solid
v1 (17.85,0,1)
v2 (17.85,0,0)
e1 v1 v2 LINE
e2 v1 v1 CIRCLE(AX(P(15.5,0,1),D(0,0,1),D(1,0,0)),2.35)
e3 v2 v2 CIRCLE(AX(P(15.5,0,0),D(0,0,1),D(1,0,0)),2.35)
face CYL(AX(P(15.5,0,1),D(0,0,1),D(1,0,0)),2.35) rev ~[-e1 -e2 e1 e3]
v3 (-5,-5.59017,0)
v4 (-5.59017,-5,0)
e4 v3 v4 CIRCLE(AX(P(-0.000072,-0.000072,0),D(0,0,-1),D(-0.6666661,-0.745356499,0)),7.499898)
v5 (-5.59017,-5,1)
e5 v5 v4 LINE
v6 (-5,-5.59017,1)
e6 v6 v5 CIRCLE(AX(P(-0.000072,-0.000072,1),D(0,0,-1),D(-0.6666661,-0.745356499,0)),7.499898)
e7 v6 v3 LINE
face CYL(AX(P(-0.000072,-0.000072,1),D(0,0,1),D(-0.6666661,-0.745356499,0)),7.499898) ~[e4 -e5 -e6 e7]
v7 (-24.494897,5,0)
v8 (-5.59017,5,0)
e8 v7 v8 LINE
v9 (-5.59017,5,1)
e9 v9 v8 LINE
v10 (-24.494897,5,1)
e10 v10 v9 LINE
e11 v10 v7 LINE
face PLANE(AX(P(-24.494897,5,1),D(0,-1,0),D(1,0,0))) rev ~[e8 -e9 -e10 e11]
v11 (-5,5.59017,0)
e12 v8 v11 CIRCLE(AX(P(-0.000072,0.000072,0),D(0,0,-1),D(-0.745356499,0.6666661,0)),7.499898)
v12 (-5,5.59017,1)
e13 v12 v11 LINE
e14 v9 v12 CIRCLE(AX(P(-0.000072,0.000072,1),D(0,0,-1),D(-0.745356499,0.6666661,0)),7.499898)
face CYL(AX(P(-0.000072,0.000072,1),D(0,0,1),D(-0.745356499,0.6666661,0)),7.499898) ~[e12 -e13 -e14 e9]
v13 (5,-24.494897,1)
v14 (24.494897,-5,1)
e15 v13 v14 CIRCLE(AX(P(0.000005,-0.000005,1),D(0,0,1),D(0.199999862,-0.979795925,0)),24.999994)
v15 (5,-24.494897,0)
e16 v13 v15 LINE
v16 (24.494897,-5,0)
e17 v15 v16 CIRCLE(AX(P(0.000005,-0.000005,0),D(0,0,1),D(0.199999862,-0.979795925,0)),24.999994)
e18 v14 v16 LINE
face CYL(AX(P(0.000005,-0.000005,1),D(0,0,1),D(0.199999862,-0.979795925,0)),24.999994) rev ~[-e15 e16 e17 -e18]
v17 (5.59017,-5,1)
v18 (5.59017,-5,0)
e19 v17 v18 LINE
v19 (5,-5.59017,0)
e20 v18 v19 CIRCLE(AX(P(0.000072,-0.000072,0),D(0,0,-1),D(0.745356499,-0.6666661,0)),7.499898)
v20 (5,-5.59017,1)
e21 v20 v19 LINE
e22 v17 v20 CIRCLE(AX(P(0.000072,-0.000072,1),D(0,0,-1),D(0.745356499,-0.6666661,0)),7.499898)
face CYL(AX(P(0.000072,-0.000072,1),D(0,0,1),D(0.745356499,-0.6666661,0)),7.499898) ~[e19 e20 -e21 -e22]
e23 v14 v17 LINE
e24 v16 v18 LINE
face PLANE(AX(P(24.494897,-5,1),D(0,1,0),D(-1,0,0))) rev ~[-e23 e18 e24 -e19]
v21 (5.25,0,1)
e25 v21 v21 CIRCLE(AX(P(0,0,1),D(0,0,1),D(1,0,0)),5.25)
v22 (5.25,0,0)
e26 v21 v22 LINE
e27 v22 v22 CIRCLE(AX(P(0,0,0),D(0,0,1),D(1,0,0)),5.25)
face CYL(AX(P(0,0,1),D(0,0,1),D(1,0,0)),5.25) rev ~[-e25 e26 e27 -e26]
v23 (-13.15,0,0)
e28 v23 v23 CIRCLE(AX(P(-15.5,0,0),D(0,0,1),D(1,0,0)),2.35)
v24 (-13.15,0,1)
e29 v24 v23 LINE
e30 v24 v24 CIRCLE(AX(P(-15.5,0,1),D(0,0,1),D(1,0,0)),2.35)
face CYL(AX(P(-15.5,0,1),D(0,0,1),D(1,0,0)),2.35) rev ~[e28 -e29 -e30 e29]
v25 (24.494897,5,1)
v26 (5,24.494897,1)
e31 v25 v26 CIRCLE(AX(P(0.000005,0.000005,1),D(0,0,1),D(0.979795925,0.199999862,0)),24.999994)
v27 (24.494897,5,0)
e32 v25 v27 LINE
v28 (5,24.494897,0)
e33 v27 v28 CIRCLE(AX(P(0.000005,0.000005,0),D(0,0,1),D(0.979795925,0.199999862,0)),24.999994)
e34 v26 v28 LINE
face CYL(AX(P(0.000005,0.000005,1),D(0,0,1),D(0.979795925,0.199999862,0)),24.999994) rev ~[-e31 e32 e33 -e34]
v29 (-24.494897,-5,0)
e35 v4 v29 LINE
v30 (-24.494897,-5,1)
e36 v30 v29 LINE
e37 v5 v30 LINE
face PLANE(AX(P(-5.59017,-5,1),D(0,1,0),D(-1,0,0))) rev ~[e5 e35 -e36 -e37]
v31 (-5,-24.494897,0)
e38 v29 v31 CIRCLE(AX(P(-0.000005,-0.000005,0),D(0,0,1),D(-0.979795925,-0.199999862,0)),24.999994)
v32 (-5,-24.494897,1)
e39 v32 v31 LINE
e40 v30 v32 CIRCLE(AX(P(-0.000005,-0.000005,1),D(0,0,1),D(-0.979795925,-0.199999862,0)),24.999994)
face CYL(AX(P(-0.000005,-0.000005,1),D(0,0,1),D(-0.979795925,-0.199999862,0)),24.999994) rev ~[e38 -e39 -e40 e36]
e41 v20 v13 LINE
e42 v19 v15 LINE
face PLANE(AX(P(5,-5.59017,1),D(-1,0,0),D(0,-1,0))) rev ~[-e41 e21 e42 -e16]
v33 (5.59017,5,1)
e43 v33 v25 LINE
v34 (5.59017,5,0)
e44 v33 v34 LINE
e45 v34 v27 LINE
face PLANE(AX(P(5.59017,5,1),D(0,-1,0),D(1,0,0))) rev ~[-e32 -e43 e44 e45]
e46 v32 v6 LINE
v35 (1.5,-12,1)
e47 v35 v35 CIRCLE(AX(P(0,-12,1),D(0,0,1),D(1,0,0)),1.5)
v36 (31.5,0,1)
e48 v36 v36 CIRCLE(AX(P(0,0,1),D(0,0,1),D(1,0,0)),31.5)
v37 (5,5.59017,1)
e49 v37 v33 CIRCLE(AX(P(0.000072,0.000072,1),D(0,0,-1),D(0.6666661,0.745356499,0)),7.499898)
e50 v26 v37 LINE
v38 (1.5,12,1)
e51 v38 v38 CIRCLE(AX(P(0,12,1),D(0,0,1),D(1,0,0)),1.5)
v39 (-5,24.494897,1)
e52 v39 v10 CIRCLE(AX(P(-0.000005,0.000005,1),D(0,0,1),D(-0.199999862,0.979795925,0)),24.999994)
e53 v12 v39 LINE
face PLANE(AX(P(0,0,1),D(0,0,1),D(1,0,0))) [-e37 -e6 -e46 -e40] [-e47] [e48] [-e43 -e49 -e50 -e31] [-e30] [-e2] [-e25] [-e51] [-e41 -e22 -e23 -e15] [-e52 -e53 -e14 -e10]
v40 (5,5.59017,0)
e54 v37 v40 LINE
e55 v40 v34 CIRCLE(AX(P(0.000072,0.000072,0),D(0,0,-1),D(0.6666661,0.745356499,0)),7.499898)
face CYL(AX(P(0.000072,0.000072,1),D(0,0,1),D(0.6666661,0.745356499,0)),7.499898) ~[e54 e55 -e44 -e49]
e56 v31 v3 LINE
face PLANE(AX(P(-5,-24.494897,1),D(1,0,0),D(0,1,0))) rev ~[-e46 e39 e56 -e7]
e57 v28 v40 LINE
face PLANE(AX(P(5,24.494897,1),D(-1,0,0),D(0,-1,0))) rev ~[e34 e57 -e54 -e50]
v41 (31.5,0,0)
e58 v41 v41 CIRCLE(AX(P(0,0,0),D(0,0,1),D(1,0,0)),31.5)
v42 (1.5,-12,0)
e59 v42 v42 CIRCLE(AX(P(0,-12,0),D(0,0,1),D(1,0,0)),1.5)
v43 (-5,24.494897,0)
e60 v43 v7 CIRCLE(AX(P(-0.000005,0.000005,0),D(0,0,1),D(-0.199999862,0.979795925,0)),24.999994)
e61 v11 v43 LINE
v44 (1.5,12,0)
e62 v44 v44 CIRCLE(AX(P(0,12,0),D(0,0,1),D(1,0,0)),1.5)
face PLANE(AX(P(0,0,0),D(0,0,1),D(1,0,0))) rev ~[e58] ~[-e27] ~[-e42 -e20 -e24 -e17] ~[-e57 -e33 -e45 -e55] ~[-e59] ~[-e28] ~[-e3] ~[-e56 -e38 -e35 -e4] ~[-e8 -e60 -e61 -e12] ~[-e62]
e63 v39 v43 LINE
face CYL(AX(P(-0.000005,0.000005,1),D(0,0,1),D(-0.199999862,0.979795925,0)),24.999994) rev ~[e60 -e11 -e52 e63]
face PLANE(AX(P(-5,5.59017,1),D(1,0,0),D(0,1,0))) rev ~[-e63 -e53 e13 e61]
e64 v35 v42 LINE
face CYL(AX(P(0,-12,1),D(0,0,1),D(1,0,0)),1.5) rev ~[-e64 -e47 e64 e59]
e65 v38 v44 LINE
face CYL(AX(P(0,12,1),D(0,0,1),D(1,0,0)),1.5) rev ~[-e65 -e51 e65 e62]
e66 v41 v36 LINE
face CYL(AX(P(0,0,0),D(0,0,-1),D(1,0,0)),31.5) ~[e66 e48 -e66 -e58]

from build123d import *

# Parameters (mm, degrees)
F0_R     = 31.5
F1_DEPTH = 1
F2_R     = 5.25
F3_DEPTH = 1
F4_R     = 1.5
F4_R_2   = 2.35
F5_DEPTH = 1


with BuildPart() as f1:
    # F0 (on Top) → F1 (new body)
    with BuildSketch(Plane.XY):
        Circle(F0_R)
    extrude(amount=F1_DEPTH)

    # F2 (on face) → F3 (cut, through all)
    with BuildSketch(Plane.XY.offset(1)):
        Circle(F2_R)
    extrude(amount=-F3_DEPTH, mode=Mode.SUBTRACT)

    # F4 (on face) → F5 (cut, through all)
    with BuildSketch(Plane.XY.offset(1)):
        with BuildLine():
            Line((-5, 5.59017), (-5, 24.494897))
            ThreePointArc((-5, 24.494897), (-17.67767, 17.67767), (-24.494897, 5))
            Line((-24.494897, 5), (-5.59017, 5))
            ThreePointArc((-5.59017, 5), (-5.303301, 5.303301), (-5, 5.59017))
        make_face()
        with BuildLine():
            Line((5.59017, 5), (24.494897, 5))
            ThreePointArc((24.494897, 5), (17.67767, 17.67767), (5, 24.494897))
            Line((5, 24.494897), (5, 5.59017))
            ThreePointArc((5, 5.59017), (5.303301, 5.303301), (5.59017, 5))
        make_face()
        with BuildLine():
            ThreePointArc((5, -24.494897), (17.67767, -17.67767), (24.494897, -5))
            Line((24.494897, -5), (5.59017, -5))
            ThreePointArc((5.59017, -5), (5.303301, -5.303301), (5, -5.59017))
            Line((5, -5.59017), (5, -24.494897))
        make_face()
        with BuildLine():
            ThreePointArc((-24.494897, -5), (-17.67767, -17.67767), (-5, -24.494897))
            Line((-5, -24.494897), (-5, -5.59017))
            ThreePointArc((-5, -5.59017), (-5.303301, -5.303301), (-5.59017, -5))
            Line((-5.59017, -5), (-24.494897, -5))
        make_face()
        with Locations((0, -12)):
            Circle(F4_R)
        with Locations((15.5, 0)):
            Circle(F4_R_2)
        with Locations((0, 12)):
            Circle(F4_R)
        with Locations((-15.5, 0)):
            Circle(F4_R_2)
    extrude(amount=-F5_DEPTH, mode=Mode.SUBTRACT)


solid = f1.part
